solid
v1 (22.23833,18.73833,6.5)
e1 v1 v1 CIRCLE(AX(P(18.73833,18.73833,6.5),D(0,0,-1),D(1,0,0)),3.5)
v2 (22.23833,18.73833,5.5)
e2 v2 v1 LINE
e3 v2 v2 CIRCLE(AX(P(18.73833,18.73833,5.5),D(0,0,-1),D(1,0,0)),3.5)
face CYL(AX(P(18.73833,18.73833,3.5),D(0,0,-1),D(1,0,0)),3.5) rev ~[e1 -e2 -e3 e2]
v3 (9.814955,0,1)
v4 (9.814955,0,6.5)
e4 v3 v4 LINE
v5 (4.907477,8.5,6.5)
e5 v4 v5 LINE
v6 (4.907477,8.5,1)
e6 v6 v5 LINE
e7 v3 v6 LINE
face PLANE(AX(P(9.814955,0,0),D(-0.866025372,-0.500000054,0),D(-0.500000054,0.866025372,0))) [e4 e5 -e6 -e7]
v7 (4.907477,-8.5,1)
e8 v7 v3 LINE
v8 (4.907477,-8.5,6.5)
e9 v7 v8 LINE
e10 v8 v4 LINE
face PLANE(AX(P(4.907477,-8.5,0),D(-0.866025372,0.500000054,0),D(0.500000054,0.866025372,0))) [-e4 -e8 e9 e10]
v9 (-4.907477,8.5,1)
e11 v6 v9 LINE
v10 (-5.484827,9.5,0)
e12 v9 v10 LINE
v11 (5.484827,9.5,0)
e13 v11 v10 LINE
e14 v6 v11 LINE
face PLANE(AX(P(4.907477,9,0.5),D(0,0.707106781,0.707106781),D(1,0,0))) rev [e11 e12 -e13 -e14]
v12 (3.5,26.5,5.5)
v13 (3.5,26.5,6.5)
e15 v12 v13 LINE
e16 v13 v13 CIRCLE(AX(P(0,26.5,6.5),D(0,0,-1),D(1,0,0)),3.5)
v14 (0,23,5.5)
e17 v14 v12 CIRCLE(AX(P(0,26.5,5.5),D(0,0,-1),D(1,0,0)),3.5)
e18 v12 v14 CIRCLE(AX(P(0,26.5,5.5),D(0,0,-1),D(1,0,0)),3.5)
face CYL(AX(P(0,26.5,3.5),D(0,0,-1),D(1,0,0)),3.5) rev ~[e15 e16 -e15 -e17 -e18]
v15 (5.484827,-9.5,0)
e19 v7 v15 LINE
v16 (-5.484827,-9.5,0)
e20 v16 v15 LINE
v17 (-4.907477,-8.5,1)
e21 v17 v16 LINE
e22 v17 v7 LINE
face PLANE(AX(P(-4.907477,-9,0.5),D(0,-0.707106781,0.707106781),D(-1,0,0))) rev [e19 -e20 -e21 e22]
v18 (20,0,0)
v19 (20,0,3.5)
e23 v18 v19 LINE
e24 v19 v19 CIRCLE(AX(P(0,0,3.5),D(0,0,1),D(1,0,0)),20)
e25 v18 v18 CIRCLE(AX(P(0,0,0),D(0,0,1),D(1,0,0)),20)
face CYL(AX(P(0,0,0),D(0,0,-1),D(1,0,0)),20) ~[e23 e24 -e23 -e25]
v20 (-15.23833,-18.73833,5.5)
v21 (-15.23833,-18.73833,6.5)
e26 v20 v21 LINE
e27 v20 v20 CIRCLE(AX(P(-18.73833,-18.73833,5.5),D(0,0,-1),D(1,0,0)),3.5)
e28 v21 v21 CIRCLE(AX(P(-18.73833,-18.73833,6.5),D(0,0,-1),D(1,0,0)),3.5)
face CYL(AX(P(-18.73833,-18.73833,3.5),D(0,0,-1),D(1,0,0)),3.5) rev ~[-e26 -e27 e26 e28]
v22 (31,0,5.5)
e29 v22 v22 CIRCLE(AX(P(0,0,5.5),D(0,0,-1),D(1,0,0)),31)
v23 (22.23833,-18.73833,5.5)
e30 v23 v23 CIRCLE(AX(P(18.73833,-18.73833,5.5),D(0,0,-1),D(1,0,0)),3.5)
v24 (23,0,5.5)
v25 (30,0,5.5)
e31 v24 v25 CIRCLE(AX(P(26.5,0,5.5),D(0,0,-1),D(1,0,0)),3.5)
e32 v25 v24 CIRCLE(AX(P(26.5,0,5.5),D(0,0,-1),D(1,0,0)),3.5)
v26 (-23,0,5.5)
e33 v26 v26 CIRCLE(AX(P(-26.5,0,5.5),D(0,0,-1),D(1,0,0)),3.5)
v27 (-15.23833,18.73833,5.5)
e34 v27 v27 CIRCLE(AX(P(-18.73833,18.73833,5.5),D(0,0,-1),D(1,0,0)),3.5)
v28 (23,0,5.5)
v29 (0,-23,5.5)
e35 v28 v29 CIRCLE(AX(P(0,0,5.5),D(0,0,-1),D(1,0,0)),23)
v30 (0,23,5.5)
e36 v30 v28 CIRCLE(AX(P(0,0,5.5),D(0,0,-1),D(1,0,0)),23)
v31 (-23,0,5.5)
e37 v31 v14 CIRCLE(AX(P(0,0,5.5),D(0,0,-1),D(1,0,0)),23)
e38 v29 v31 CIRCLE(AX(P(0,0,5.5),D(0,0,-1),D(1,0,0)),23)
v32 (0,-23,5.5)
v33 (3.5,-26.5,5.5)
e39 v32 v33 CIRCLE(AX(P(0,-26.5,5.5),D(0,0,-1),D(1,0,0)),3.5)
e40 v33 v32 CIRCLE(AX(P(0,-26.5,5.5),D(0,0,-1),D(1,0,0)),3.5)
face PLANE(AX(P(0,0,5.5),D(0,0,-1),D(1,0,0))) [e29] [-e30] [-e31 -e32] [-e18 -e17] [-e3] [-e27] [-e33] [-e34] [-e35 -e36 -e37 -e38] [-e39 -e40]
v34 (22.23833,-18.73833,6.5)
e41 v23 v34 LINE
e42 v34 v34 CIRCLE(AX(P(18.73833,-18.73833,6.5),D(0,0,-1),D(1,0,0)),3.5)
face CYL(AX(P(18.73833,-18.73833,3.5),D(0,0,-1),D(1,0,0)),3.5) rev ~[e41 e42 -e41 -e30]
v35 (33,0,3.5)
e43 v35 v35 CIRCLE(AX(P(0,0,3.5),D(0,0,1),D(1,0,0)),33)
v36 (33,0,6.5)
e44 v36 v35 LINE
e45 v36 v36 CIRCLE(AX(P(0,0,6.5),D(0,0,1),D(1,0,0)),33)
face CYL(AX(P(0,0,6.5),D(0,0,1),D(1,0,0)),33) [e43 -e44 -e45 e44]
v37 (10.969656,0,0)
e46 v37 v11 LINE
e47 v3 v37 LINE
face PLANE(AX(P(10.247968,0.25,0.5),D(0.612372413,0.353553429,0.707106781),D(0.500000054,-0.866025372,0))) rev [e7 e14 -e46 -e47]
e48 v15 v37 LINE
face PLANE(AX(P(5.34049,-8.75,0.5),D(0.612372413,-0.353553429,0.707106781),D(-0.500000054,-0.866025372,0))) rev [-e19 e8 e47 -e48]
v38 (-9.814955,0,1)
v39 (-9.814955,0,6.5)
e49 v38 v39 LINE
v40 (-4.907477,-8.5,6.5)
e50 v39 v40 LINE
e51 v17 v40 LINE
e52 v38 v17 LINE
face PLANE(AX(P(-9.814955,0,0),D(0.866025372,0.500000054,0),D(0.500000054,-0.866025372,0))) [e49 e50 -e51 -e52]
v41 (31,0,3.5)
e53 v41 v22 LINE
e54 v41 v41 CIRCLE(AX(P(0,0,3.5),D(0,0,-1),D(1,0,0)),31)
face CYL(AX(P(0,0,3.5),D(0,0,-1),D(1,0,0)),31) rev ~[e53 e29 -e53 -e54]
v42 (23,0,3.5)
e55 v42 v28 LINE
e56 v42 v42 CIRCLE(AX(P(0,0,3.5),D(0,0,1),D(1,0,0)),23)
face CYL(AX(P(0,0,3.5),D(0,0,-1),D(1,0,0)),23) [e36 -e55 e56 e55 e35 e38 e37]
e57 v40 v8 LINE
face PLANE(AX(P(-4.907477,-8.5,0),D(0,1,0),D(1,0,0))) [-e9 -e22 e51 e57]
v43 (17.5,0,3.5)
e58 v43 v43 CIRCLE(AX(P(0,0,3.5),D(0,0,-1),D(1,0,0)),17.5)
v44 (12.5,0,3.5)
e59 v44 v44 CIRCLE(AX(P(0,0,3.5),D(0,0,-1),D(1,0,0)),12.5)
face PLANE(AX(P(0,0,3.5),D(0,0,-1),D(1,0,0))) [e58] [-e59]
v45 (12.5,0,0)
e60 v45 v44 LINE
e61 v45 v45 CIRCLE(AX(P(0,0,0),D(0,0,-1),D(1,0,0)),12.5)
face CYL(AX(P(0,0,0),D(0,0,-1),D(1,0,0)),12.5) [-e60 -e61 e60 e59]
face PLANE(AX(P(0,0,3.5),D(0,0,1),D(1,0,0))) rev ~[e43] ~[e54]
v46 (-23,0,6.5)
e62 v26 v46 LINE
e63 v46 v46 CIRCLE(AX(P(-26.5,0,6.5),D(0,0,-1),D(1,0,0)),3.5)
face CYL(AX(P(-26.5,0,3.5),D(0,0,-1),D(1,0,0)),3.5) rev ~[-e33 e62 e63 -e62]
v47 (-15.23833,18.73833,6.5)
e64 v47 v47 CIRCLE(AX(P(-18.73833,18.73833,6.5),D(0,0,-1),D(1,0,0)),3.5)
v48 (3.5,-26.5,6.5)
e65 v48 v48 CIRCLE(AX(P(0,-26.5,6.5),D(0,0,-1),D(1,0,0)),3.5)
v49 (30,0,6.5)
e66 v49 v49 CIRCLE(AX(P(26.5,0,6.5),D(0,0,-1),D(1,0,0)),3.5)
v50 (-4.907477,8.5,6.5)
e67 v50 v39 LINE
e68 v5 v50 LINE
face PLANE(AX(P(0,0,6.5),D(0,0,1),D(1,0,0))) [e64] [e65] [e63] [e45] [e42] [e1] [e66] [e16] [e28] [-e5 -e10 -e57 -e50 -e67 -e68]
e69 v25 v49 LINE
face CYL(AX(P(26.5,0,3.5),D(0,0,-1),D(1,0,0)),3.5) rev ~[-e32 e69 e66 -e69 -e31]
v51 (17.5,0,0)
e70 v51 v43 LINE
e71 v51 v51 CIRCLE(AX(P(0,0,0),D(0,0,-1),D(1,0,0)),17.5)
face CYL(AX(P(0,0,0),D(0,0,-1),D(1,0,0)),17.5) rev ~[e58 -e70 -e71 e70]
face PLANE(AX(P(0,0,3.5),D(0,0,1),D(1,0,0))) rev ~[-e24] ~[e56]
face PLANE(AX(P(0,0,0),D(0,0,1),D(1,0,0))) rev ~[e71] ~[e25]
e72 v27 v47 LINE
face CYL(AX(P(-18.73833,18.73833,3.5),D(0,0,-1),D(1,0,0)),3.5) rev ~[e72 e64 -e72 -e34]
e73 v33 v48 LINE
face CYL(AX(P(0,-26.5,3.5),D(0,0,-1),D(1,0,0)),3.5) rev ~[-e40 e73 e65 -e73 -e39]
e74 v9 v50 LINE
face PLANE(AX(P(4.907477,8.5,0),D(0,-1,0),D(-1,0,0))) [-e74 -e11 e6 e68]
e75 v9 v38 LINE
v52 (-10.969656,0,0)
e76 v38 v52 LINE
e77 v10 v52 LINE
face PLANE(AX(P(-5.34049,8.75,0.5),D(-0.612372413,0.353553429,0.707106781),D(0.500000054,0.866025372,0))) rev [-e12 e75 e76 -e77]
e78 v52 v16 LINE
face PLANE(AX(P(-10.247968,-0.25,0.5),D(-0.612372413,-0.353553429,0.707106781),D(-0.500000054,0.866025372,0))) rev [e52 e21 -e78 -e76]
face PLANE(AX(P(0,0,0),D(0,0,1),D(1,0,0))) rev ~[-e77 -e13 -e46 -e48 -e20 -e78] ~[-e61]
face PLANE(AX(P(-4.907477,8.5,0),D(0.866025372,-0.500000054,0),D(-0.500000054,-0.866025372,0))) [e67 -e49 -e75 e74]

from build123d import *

# Parameters (mm, degrees)
SKETCH_R        = 20
PAD_DEPTH       = 6.5
SKETCH001_R     = 33
SKETCH001_R_2   = 20
PAD001_DEPTH    = 3
SKETCH002_R     = 3.5
POCKET_DEPTH    = 5
SKETCH003_R     = 31
SKETCH003_R_2   = 23
POCKET001_DEPTH = 2
SKETCH004_R     = 17.5
SKETCH004_R_2   = 12.5
POCKET002_DEPTH = 3.5
CHAMFER_SIZE    = 1


with BuildPart() as part:
    # Sketch → Pad (new body)
    with BuildSketch(Plane.XY):
        Circle(SKETCH_R)
        Polygon((4.907477, 8.5), (-4.907477, 8.5), (-9.814955, 0), (-4.907477, -8.5), (4.907477, -8.5), (9.814955, 0), align=None, mode=Mode.SUBTRACT)
    extrude(amount=PAD_DEPTH)

    # Sketch001 (on Face9 of Pad) → Pad001 (join)
    with BuildSketch(Plane.XY.offset(6.5)):
        Circle(SKETCH001_R)
        Circle(SKETCH001_R_2, mode=Mode.SUBTRACT)
    extrude(amount=-PAD001_DEPTH)

    # Sketch002 (on Face3 of Pad001) → Pocket (cut)
    with BuildSketch(Plane(origin=(0, 0, 3.5), x_dir=(1, 0, 0), z_dir=(0, 0, -1))):
        with Locations((0, 26.5)):
            Circle(SKETCH002_R)
        with Locations((18.73833, 18.73833)):
            Circle(SKETCH002_R)
        with Locations((26.5, 0)):
            Circle(SKETCH002_R)
        with Locations((18.73833, -18.73833)):
            Circle(SKETCH002_R)
        with Locations((0, -26.5)):
            Circle(SKETCH002_R)
        with Locations((-18.73833, -18.73833)):
            Circle(SKETCH002_R)
        with Locations((-26.5, 0)):
            Circle(SKETCH002_R)
        with Locations((-18.73833, 18.73833)):
            Circle(SKETCH002_R)
    extrude(amount=-POCKET_DEPTH, mode=Mode.SUBTRACT)

    # Sketch003 (on Face3 of Pocket) → Pocket001 (cut)
    with BuildSketch(Plane(origin=(0, 0, 3.5), x_dir=(1, 0, 0), z_dir=(0, 0, -1))):
        Circle(SKETCH003_R)
        Circle(SKETCH003_R_2, mode=Mode.SUBTRACT)
    extrude(amount=-POCKET001_DEPTH, mode=Mode.SUBTRACT)

    # Sketch004 (on Face2 of Pocket001) → Pocket002 (cut)
    with BuildSketch(Plane(origin=(0, 0, 0), x_dir=(1, 0, 0), z_dir=(0, 0, -1))):
        Circle(SKETCH004_R)
        Circle(SKETCH004_R_2, mode=Mode.SUBTRACT)
    extrude(amount=-POCKET002_DEPTH, mode=Mode.SUBTRACT)

    # Chamfer
    chamfer_edges = [part.edges().sort_by_distance(p)[0] for p in [
        (7.361216, 4.25, 0),
        (0, 8.5, 0),
        (-7.361216, 4.25, 0),
        (-7.361216, -4.25, 0),
        (0, -8.5, 0),
        (7.361216, -4.25, 0),
    ]]
    chamfer(chamfer_edges, length=CHAMFER_SIZE)


solid = part.part
